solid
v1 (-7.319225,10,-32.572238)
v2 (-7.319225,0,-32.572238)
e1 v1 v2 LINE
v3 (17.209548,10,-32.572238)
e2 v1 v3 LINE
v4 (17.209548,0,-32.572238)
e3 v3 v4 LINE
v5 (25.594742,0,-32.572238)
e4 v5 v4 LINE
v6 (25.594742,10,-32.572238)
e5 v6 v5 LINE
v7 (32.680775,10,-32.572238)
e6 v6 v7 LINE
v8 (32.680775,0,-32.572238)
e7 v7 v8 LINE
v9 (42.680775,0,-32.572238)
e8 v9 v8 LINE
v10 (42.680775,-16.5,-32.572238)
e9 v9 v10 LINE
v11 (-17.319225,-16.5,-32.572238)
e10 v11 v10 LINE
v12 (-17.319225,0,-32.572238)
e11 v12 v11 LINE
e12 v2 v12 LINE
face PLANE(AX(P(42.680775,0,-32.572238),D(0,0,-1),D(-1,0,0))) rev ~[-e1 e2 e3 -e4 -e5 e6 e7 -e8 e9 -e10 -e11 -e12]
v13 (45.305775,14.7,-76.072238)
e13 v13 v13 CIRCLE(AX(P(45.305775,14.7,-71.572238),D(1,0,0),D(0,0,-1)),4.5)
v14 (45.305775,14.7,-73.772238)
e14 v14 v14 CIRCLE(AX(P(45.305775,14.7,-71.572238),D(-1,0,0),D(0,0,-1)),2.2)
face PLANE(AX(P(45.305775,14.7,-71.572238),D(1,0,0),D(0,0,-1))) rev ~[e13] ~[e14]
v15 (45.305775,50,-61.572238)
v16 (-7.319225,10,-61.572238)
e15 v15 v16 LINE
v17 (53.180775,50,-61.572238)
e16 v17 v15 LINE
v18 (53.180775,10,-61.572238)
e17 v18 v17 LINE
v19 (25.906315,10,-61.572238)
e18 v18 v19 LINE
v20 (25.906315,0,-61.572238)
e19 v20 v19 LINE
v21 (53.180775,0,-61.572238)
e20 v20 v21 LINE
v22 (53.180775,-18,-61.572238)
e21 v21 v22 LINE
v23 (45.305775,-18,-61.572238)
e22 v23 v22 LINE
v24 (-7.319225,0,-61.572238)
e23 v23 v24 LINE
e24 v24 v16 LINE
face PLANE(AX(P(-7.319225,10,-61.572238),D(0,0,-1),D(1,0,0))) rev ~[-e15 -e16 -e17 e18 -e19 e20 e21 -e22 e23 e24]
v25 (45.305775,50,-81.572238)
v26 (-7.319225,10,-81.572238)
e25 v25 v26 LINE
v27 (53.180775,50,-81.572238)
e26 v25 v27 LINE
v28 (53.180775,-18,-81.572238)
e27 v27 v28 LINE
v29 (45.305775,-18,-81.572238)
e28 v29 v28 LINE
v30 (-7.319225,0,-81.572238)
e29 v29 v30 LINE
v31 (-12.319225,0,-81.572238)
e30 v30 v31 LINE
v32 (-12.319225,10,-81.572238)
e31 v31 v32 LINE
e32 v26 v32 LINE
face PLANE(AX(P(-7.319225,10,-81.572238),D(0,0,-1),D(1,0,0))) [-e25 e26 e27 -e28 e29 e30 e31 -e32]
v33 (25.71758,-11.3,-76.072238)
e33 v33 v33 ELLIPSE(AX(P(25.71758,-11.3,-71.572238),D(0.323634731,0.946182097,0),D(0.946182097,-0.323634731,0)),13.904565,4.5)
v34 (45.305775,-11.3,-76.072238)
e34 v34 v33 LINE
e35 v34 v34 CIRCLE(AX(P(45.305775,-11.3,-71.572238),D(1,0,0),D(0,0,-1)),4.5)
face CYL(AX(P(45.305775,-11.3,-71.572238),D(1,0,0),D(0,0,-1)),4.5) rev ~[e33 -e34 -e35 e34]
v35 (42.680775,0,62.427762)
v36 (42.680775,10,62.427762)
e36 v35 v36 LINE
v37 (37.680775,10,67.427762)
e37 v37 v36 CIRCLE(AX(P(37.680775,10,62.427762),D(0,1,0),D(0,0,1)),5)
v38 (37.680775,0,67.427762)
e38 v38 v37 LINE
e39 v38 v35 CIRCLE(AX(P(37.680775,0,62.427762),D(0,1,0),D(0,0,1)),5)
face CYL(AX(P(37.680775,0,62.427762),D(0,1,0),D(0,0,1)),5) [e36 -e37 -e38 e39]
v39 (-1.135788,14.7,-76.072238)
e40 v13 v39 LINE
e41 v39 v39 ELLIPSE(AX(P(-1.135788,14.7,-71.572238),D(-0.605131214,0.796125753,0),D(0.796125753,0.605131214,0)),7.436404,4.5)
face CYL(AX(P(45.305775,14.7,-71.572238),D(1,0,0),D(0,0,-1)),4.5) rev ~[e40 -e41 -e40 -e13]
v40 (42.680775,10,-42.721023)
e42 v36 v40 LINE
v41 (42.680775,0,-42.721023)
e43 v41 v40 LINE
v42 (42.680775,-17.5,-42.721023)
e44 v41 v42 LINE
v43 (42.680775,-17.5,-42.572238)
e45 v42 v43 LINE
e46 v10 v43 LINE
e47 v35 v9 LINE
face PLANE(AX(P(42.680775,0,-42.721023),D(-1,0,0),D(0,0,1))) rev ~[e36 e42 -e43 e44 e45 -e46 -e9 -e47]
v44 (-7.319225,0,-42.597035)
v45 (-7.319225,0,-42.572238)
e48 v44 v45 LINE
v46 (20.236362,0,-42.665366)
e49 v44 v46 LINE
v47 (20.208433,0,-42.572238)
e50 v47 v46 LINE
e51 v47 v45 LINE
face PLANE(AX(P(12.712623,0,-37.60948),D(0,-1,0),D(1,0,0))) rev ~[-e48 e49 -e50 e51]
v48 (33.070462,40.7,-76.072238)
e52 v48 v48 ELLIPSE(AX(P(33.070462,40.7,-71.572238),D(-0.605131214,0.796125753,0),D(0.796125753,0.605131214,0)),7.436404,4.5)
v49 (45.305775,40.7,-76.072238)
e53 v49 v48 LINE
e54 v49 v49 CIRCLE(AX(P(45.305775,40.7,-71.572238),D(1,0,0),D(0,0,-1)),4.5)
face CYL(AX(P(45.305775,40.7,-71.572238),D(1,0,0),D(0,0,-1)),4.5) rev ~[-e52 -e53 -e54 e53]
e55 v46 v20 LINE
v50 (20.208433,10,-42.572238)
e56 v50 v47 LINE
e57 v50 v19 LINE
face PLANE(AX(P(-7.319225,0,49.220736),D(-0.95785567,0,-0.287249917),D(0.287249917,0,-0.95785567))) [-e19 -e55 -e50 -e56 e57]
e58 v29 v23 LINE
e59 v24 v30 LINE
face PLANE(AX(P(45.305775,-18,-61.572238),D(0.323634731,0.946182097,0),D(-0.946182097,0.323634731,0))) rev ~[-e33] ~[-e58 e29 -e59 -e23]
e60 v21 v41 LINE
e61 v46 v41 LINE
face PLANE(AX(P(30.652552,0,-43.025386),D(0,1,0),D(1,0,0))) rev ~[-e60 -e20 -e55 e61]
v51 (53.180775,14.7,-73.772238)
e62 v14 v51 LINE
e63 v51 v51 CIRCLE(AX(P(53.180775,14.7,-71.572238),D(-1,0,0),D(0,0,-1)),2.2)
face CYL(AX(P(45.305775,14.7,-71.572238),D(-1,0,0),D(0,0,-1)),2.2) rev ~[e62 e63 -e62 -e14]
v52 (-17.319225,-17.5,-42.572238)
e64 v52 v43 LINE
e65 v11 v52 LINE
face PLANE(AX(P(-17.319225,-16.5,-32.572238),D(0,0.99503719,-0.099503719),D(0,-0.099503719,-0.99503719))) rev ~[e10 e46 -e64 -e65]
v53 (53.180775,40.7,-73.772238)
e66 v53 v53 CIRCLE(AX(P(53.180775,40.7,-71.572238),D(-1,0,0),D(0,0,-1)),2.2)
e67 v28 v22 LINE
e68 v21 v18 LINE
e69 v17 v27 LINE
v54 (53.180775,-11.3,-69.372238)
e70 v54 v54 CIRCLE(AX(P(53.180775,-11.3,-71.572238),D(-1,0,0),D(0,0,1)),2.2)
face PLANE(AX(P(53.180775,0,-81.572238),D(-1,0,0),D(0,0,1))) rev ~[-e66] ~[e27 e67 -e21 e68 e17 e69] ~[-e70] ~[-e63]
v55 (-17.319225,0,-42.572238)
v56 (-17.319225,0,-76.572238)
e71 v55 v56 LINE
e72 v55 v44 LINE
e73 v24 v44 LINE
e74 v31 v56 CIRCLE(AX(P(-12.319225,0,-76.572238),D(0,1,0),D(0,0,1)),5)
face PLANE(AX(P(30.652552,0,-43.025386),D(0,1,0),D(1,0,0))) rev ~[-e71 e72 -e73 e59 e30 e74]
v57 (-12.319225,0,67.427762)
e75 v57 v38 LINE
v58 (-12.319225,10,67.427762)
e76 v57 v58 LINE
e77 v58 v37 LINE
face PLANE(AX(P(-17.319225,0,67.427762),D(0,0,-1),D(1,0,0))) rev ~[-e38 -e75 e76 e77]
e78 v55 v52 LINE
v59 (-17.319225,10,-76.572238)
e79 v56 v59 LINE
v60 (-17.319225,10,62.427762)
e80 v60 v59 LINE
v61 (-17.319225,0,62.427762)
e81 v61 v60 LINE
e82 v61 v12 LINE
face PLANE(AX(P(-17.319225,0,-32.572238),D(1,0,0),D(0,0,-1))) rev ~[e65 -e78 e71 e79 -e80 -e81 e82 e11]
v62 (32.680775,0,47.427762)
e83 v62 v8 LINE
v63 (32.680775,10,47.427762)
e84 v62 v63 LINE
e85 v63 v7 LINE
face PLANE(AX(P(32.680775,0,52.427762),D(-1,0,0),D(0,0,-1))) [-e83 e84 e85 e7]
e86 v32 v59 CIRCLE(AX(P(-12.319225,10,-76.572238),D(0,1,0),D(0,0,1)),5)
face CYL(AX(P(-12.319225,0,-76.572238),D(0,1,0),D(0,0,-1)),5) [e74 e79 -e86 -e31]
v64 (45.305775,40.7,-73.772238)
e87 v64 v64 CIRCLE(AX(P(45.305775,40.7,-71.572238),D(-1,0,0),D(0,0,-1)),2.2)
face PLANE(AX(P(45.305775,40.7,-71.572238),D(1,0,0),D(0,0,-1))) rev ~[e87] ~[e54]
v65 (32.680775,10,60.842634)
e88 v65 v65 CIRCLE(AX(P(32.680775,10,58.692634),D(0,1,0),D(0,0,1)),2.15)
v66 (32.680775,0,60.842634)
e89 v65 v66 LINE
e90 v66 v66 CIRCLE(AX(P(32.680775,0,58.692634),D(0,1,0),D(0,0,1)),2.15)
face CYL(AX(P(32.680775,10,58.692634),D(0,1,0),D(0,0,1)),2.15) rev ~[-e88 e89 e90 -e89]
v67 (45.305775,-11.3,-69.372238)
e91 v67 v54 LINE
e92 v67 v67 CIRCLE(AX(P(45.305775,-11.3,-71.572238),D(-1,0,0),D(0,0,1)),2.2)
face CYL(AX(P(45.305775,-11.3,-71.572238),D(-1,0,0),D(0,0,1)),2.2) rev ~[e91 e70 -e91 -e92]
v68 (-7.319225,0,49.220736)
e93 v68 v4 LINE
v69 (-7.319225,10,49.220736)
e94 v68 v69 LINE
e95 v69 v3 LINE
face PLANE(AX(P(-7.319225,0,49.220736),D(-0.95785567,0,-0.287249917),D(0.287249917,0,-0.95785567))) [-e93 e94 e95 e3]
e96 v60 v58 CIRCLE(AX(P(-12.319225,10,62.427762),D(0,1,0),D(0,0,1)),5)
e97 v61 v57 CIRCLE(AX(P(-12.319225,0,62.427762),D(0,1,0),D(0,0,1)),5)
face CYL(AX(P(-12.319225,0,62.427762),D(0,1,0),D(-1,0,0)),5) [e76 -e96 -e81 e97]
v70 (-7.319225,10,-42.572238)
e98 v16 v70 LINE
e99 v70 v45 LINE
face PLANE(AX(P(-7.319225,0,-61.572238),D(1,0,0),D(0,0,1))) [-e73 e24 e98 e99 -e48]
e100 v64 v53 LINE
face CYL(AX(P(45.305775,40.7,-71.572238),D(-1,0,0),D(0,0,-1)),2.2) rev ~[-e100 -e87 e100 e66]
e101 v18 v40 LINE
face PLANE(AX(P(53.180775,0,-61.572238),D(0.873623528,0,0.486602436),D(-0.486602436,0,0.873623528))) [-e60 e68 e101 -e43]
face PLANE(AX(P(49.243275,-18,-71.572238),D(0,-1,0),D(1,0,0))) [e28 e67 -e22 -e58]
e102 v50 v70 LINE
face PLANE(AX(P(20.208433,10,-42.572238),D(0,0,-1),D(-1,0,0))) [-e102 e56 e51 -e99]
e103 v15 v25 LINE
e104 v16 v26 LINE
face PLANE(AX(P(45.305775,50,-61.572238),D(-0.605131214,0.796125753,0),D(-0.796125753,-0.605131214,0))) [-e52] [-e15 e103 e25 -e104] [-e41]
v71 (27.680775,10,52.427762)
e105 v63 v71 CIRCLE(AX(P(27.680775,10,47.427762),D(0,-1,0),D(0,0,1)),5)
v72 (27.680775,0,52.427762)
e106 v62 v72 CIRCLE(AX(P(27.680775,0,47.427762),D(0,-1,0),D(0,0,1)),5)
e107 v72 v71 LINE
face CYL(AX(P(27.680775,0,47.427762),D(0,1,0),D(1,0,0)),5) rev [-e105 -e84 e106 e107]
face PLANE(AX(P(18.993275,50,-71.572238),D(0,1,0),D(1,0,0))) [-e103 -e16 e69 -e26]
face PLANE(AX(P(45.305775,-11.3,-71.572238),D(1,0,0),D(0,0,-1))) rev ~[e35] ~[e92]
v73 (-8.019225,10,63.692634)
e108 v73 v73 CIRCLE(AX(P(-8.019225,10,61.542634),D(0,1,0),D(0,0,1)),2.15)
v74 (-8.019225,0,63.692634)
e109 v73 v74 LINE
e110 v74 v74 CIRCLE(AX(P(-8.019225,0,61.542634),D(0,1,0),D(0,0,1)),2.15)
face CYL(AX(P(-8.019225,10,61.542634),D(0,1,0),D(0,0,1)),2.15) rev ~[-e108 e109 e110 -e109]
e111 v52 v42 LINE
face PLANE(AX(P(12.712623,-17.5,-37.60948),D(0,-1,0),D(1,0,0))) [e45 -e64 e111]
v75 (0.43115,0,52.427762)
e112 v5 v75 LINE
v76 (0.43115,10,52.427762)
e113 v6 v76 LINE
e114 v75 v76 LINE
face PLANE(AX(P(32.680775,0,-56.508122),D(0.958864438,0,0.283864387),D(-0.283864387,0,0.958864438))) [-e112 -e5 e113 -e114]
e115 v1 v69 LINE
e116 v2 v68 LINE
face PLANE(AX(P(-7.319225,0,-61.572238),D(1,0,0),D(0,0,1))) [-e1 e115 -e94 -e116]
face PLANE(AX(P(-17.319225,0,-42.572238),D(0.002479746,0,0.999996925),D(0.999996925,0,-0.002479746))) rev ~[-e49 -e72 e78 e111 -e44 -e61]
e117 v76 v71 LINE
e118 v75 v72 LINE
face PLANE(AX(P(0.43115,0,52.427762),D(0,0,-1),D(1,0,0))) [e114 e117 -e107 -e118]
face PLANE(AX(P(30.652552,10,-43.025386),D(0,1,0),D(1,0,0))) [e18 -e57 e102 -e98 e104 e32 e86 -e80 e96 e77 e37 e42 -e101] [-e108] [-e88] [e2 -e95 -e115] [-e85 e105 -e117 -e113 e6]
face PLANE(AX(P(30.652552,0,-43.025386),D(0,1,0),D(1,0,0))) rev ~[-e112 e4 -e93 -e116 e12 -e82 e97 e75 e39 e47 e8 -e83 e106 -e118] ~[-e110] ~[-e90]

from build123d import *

# Parameters (mm, degrees)
EXTRUDE_1_DEPTH                 = 10
SKETCH_4_W                      = 7.875
SKETCH_4_H                      = 20
EXTRUDE_2_DEPTH                 = 40
CUT_EXTRUDE_1_REACH             = 116.35
SKETCH_5_R                      = 2.2
CUT_EXTRUDE_1_DIRECTION_2_DEPTH = 53
CUT_EXTRUDE_2_REACH             = 107.272
SKETCH_6_R                      = 2.15
FILLET_1_R                      = 5
FILLET_2_R                      = 5
SKETCH_7_W                      = 7.875
SKETCH_7_H                      = 20
EXTRUDE_3_DEPTH                 = 18
CUT_EXTRUDE_3_REACH             = 116.35
SKETCH_8_R                      = 2.2
EXTRUDE_8_DEPTH                 = 20
SKETCH_15_W                     = 52.625
SKETCH_15_H                     = 20
EXTRUDE_9_DEPTH                 = 40
CUT_EXTRUDE_START               = -7.875
SKETCH_14_R                     = 4.5
CUT_EXTRUDE_8_DEPTH             = 54
CUT_EXTRUDE_10_DEPTH            = 20
EXTRUDE_10_DEPTH                = 10
EXTRUDE_11_DEPTH                = 17.5
CUT_EXTRUDE_11_DEPTH            = 64


with BuildPart() as part:
    # 草图1 → 凸台-拉伸1 (new body)
    with BuildSketch(Plane(origin=(0, 0, 0), x_dir=(1, 0, 0), z_dir=(0, 1, 0))):
        Polygon((5.931150433, 81.572237736), (53.180774799, 81.572237736), (53.180774799, 61.572237736), (42.680774799, 42.721022935), (42.680774799, 31.757290204), (42.680774799, -57.600660719), (42.680774799, -67.427762264), (0.431150433, -67.427762264), (-17.319225201, -67.427762264), (-17.319225201, 81.572237736), align=None)
        Polygon((47.930774799, 61.572237736), (42.680774799, 61.572237736), (42.680774799, 52.689495612), align=None, mode=Mode.SUBTRACT)
        Polygon((25.906315323, 61.572237736), (-7.319225201, 61.572237736), (-7.319225201, -49.220735683), align=None, mode=Mode.SUBTRACT)
        Polygon((0.431150433, -52.427762264), (32.680774799, -52.427762264), (32.680774799, 56.508121895), align=None, mode=Mode.SUBTRACT)
    extrude(amount=EXTRUDE_1_DEPTH)

    # 草图4 → 凸台-拉伸2 (add)
    with BuildSketch(Plane(origin=(0, 10, 0), x_dir=(1, 0, 0), z_dir=(0, 1, 0))):
        with Locations((49.243274799, 71.572237736)):
            Rectangle(SKETCH_4_W, SKETCH_4_H)
    extrude(amount=EXTRUDE_2_DEPTH)

    # 草图5 → 切除-拉伸1 (cut, up to next)
    with BuildSketch(Plane.ZY.offset(-45.305774799), mode=Mode.PRIVATE) as cut_extrude_1_sk1:
        with Locations(Location((-71.572237736, 14.7, 0), (0, 0, 180))):
            Circle(SKETCH_5_R)
    cut_extrude_1_tool1 = extrude(cut_extrude_1_sk1.sketch, amount=-CUT_EXTRUDE_1_REACH, mode=Mode.PRIVATE) & part.part
    # 草图5 → 切除-拉伸1 (cut, up to next)
    with BuildSketch(Plane.ZY.offset(-45.305774799), mode=Mode.PRIVATE) as cut_extrude_1_sk2:
        with Locations(Location((-71.572237736, 40.7, 0), (0, 0, 180))):
            Circle(SKETCH_5_R)
    cut_extrude_1_tool2 = extrude(cut_extrude_1_sk2.sketch, amount=-CUT_EXTRUDE_1_REACH, mode=Mode.PRIVATE) & part.part
    add(cut_extrude_1_tool1.solids().sort_by_distance((45.305775, 14.7, -71.572238))[0], mode=Mode.SUBTRACT)
    add(cut_extrude_1_tool2.solids().sort_by_distance((45.305775, 40.7, -71.572238))[0], mode=Mode.SUBTRACT)

    # 草图5 → 切除-拉伸1 direction 2 (cut)
    with BuildSketch(Plane.ZY.offset(-45.305774799)):
        with Locations(Location((-71.572237736, 14.7, 0), (0, 0, 180))):
            Circle(SKETCH_5_R)
        with Locations(Location((-71.572237736, 40.7, 0), (0, 0, 180))):
            Circle(SKETCH_5_R)
    extrude(amount=CUT_EXTRUDE_1_DIRECTION_2_DEPTH, mode=Mode.SUBTRACT)

    # 草图6 → 切除-拉伸2 (cut, up to next)
    with BuildSketch(Plane(origin=(0, 10, 0), x_dir=(1, 0, 0), z_dir=(0, 1, 0)), mode=Mode.PRIVATE) as cut_extrude_2_sk1:
        with Locations(Location((-8.019225201, -61.542634482, 0), (0, 0, 270))):
            Circle(SKETCH_6_R)
    cut_extrude_2_tool1 = extrude(cut_extrude_2_sk1.sketch, amount=-CUT_EXTRUDE_2_REACH, mode=Mode.PRIVATE) & part.part
    # 草图6 → 切除-拉伸2 (cut, up to next)
    with BuildSketch(Plane(origin=(0, 10, 0), x_dir=(1, 0, 0), z_dir=(0, 1, 0)), mode=Mode.PRIVATE) as cut_extrude_2_sk2:
        with Locations(Location((32.680774799, -58.692634482, 0), (0, 0, 270))):
            Circle(SKETCH_6_R)
    cut_extrude_2_tool2 = extrude(cut_extrude_2_sk2.sketch, amount=-CUT_EXTRUDE_2_REACH, mode=Mode.PRIVATE) & part.part
    add(cut_extrude_2_tool1.solids().sort_by_distance((-8.019225, 10, 61.542634))[0], mode=Mode.SUBTRACT)
    add(cut_extrude_2_tool2.solids().sort_by_distance((32.680775, 10, 58.692634))[0], mode=Mode.SUBTRACT)

    # 圆角1
    fillet_1_edges = [part.edges().sort_by_distance(p)[0] for p in [
        (-17.319225201, 5, 67.427762264),
        (-17.319225201, 5, -81.572237736),
        (42.680774799, 5, 67.427762264),
    ]]
    fillet(fillet_1_edges, radius=FILLET_1_R)

    # 圆角2
    fillet_2_edges = [part.edges().sort_by_distance(p)[0] for p in [
        (32.680774799, 5, 52.427762264),
    ]]
    fillet(fillet_2_edges, radius=FILLET_2_R)

    # 草图7 → 凸台-拉伸3 (add)
    with BuildSketch(Plane.XZ):
        with Locations((49.243274799, -71.572237736)):
            Rectangle(SKETCH_7_W, SKETCH_7_H)
    extrude(amount=EXTRUDE_3_DEPTH)

    # 草图8 → 切除-拉伸3 (cut, up to next)
    with BuildSketch(Plane.ZY.offset(-45.305774799), mode=Mode.PRIVATE) as cut_extrude_3_sk1:
        with Locations((-71.572237736, -11.3)):
            Circle(SKETCH_8_R)
    cut_extrude_3_tool1 = extrude(cut_extrude_3_sk1.sketch, amount=-CUT_EXTRUDE_3_REACH, mode=Mode.PRIVATE) & part.part
    add(cut_extrude_3_tool1.solids().sort_by_distance((45.305775, -11.3, -71.572238))[0], mode=Mode.SUBTRACT)

    # 草图13 → 凸台-拉伸8 (add)
    with BuildSketch(Plane.XY.offset(-61.572237736)):
        Polygon((45.305774799, 0), (45.305774799, -18), (-7.319225201, 0), align=None)
    extrude(amount=-EXTRUDE_8_DEPTH)

    # 草图15 → 凸台-拉伸9 (add)
    with BuildSketch(Plane(origin=(0, 10, 0), x_dir=(1, 0, 0), z_dir=(0, 1, 0))):
        with Locations((18.993274799, 71.572237736)):
            Rectangle(SKETCH_15_W, SKETCH_15_H)
    extrude(amount=EXTRUDE_9_DEPTH)

    # 草图14 → 切除-拉伸8 (cut)
    with BuildSketch(Plane(origin=(53.180774799, 0, 0), x_dir=(0, 0, -1), z_dir=(1, 0, 0)).offset(CUT_EXTRUDE_START)):
        with Locations((71.572237736, 40.7)):
            Circle(SKETCH_14_R)
        with Locations((71.572237736, 14.7)):
            Circle(SKETCH_14_R)
        with Locations((71.572237736, -11.3)):
            Circle(SKETCH_14_R)
    extrude(amount=-CUT_EXTRUDE_8_DEPTH, mode=Mode.SUBTRACT)

    # 草图17 → 切除-拉伸10 (cut)
    with BuildSketch(Plane.XY.offset(-61.572237736)):
        Polygon((-7.319225201, 10), (-7.319225201, 50), (45.305774799, 50), align=None)
    extrude(amount=-CUT_EXTRUDE_10_DEPTH, mode=Mode.SUBTRACT)

    # 草图18 → 凸台-拉伸10 (add)
    with BuildSketch(Plane(origin=(0, 10, 0), x_dir=(1, 0, 0), z_dir=(0, 1, 0))):
        Polygon((-7.319225201, 32.572237736), (17.209548321, 32.572237736), (20.208433494, 42.572237736), (-7.319225201, 42.572237736), align=None)
        Polygon((25.594741772, 32.572237736), (32.680774799, 32.572237736), (32.680774799, 56.508121895), align=None)
        Polygon((42.680774799, 61.572237736), (42.680774799, 52.689495612), (47.930774799, 61.572237736), align=None)
    extrude(amount=-EXTRUDE_10_DEPTH)

    # 草图19 → 凸台-拉伸11 (add)
    with BuildSketch(Plane.XZ):
        Polygon((-17.319225201, -32.572237736), (-17.319225201, -42.572237736), (42.680774799, -42.721022935), (42.680774799, -32.572237736), align=None)
    extrude(amount=EXTRUDE_11_DEPTH)

    # 草图20 → 切除-拉伸11 (cut)
    with BuildSketch(Plane.ZY.offset(17.319225201)):
        Polygon((-42.572237736, -17.5), (-32.572237736, -17.5), (-32.572237736, -16.5), align=None)
    extrude(amount=-CUT_EXTRUDE_11_DEPTH, mode=Mode.SUBTRACT)


solid = part.part
